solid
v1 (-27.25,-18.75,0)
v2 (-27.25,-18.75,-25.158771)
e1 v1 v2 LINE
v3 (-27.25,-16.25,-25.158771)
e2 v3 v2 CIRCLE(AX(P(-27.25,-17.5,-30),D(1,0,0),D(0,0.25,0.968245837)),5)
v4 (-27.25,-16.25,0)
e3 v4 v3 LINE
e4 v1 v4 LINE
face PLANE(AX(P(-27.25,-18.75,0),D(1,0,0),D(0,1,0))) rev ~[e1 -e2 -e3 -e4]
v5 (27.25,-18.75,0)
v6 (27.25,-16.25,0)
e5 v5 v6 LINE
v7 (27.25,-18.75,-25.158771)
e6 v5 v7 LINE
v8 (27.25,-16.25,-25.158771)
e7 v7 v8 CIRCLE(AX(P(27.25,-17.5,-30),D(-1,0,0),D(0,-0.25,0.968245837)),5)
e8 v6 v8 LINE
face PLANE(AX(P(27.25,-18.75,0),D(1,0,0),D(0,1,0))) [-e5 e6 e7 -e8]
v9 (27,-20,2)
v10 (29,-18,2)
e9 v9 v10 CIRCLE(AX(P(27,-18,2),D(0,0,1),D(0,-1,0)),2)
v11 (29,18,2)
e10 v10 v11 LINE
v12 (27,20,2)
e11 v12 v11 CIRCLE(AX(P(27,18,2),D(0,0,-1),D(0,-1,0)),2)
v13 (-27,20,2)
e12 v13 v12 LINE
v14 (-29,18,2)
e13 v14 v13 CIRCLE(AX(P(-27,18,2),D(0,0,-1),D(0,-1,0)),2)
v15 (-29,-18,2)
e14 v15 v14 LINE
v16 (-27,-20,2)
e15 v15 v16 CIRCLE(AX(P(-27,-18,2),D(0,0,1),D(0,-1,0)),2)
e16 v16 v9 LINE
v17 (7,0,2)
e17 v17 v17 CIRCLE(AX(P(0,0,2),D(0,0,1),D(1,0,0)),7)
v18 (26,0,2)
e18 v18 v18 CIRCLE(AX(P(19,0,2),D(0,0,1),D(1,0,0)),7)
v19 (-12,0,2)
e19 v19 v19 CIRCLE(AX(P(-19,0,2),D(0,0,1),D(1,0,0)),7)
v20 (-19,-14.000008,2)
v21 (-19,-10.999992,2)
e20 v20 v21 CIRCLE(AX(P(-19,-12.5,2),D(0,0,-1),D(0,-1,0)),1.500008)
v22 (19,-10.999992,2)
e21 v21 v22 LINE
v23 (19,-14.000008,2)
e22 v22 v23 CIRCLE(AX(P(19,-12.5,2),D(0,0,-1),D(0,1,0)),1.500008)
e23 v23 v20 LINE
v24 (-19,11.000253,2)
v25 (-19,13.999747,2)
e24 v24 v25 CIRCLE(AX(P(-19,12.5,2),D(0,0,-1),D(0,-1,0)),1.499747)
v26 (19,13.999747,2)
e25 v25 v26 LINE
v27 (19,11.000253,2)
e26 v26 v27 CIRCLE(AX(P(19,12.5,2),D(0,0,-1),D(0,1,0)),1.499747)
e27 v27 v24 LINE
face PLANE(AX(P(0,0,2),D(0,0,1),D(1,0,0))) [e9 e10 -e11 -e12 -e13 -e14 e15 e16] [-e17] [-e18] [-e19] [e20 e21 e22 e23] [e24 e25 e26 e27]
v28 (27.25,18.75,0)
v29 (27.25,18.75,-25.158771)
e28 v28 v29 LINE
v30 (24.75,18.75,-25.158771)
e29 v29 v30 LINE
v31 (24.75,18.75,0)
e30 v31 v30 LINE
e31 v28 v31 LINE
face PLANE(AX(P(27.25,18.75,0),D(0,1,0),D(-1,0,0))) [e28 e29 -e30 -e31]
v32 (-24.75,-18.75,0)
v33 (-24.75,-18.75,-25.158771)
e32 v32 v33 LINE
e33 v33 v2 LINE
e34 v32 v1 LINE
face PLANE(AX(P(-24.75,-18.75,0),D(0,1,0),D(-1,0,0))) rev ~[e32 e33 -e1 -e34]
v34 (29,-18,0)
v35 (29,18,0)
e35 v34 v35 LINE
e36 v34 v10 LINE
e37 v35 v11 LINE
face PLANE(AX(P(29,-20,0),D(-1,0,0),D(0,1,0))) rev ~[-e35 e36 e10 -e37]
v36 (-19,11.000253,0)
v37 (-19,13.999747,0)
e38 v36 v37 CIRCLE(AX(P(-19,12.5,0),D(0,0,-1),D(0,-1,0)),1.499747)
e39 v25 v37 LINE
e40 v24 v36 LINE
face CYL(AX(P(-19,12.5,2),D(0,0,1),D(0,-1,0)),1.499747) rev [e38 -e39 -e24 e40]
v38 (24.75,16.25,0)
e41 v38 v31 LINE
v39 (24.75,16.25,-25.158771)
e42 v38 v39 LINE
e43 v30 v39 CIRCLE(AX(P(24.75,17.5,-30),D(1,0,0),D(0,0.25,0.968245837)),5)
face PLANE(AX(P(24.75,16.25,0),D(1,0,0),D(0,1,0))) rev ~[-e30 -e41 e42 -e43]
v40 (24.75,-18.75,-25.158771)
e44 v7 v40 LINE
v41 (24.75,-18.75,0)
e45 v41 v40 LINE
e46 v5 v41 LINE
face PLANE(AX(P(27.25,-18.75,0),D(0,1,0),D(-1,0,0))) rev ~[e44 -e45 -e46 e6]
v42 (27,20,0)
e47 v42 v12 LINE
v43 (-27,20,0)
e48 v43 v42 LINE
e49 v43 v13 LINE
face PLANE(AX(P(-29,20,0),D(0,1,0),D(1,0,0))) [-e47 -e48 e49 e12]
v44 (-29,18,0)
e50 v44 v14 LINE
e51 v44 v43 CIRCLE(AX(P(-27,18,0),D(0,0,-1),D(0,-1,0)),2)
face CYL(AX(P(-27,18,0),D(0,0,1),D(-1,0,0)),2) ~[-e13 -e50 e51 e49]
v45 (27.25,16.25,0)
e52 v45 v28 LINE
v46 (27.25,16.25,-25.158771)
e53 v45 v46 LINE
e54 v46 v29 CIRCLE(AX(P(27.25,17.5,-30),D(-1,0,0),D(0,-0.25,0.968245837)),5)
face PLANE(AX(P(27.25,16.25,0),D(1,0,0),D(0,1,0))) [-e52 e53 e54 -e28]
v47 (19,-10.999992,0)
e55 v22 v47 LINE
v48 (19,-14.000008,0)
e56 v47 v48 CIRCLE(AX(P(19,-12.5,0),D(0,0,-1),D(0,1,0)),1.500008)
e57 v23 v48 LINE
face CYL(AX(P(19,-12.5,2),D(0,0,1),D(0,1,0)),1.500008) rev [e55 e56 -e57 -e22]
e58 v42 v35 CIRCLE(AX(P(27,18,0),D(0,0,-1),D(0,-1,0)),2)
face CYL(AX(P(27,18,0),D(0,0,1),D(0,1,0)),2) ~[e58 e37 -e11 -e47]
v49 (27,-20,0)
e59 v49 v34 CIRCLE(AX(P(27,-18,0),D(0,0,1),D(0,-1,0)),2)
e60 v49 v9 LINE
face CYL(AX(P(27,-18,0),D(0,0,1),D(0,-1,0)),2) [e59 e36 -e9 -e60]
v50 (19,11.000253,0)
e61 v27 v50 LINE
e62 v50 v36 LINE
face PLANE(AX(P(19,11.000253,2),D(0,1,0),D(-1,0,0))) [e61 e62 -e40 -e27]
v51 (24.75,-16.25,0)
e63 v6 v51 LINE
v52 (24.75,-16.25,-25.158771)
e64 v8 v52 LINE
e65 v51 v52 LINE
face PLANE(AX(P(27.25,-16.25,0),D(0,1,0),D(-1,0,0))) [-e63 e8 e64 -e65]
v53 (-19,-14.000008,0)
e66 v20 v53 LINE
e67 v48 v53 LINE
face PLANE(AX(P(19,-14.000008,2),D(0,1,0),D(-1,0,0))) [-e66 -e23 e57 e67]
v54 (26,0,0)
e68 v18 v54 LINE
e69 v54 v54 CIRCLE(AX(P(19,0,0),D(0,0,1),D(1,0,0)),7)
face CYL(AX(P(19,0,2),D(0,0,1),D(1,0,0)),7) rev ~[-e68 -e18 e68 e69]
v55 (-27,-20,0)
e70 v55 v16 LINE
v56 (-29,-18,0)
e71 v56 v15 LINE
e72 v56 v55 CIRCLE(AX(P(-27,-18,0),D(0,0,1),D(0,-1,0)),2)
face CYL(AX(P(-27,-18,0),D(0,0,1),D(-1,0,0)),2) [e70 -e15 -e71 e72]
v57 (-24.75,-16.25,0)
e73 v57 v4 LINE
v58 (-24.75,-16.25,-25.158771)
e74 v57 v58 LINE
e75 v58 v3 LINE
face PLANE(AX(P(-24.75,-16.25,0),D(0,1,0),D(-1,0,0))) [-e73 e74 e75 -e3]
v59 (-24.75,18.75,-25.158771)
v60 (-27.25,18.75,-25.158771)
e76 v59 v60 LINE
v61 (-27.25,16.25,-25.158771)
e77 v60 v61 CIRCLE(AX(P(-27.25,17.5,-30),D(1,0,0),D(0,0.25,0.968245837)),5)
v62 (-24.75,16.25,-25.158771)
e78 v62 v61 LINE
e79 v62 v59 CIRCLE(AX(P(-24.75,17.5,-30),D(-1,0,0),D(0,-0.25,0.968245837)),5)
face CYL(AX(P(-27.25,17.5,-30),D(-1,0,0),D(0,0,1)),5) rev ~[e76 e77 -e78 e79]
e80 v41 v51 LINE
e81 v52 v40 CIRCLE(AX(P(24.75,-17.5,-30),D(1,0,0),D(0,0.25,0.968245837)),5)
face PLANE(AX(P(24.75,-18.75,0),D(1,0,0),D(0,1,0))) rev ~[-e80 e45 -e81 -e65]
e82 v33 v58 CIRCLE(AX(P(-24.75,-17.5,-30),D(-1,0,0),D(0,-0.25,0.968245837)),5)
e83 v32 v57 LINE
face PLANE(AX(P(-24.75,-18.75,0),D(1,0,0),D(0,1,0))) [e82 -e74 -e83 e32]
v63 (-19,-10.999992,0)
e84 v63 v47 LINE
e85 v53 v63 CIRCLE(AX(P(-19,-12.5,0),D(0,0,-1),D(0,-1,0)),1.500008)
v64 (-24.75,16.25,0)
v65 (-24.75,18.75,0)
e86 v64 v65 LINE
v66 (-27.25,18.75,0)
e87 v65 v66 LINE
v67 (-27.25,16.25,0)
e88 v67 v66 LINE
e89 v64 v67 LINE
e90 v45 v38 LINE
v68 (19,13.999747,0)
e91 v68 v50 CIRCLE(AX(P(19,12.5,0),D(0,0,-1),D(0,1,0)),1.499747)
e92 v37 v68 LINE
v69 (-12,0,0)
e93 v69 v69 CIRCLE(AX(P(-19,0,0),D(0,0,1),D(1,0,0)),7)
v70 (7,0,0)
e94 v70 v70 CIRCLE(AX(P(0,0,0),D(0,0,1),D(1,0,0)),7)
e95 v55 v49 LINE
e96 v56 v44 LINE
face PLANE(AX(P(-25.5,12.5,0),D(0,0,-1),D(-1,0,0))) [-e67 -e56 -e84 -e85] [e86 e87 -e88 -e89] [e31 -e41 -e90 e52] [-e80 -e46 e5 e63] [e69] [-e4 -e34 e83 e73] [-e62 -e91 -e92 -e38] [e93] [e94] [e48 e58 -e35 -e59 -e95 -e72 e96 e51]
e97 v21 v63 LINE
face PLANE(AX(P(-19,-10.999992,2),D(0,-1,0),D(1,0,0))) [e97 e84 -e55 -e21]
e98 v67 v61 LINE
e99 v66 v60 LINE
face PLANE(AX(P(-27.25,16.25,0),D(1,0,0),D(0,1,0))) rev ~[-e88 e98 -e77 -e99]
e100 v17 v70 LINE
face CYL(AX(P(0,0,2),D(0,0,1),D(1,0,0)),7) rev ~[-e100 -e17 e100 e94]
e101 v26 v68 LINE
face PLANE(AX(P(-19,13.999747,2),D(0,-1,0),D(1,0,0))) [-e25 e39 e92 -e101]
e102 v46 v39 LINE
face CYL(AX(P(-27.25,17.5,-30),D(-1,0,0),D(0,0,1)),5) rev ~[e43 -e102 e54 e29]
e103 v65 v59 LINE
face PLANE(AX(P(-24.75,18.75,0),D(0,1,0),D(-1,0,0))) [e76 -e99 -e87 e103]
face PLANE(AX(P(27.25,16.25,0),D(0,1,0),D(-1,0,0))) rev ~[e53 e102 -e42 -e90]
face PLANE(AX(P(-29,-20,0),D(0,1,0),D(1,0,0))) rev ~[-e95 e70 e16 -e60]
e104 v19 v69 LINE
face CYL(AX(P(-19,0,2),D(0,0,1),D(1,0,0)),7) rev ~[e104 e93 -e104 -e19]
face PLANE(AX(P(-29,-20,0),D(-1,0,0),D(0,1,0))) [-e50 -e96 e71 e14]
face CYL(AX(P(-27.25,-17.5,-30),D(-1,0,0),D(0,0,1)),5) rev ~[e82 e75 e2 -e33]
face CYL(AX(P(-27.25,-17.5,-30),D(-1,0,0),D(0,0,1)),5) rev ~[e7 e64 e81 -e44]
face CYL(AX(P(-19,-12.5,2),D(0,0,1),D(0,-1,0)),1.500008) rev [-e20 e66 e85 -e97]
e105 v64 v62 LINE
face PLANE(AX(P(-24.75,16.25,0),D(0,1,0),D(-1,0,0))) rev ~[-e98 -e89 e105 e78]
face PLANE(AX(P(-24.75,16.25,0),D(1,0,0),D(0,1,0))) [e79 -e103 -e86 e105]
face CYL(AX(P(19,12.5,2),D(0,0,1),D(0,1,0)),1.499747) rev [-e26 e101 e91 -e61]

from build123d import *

# Parameters (mm, degrees)
SKETCH1_W           = 58
SKETCH1_H           = 40
BOSS_EXTRUDE2_DEPTH = 2
SKETCH2_R           = 7
CUT_EXTRUDE1_DEPTH  = 2
FILLET1_R           = 2
SKETCH4_R           = 2.5
CUT_EXTRUDE5_DEPTH  = 2
SKETCH6_R           = 2.5
BOSS_EXTRUDE3_DEPTH = 2
SKETCH7_W           = 2.5
SKETCH7_H           = 2.5
BOSS_EXTRUDE5_DEPTH = 30
SKETCH8_R           = 5
CUT_EXTRUDE6_DEPTH  = 66


with BuildPart() as part:
    # Sketch1 → Boss-Extrude2 (new body)
    with BuildSketch(Plane.XY):
        Rectangle(SKETCH1_W, SKETCH1_H)
    extrude(amount=BOSS_EXTRUDE2_DEPTH)

    # Sketch2 → Cut-Extrude1 (cut)
    with BuildSketch(Plane.XY.offset(2)):
        Circle(SKETCH2_R)
        with Locations((19, 0)):
            Circle(SKETCH2_R)
        with Locations((-19, 0)):
            Circle(SKETCH2_R)
        with BuildLine():
            Line((-19, 13.999747299), (19, 13.999747299))
            ThreePointArc((19, 13.999747299), (20.499747299, 12.5), (19, 11.000252701))
            Line((19, 11.000252701), (-19, 11.000252701))
            ThreePointArc((-19, 11.000252701), (-20.499747299, 12.5), (-19, 13.999747299))
        make_face()
        with BuildLine():
            Line((-19, -10.99999193), (19, -10.99999193))
            ThreePointArc((19, -10.99999193), (20.50000807, -12.5), (19, -14.00000807))
            Line((19, -14.00000807), (-19, -14.00000807))
            ThreePointArc((-19, -14.00000807), (-20.50000807, -12.5), (-19, -10.99999193))
        make_face()
    extrude(amount=-CUT_EXTRUDE1_DEPTH, mode=Mode.SUBTRACT)

    # Fillet1
    fillet1_edges = [part.edges().sort_by_distance(p)[0] for p in [
        (29, -20, 1),
        (-29, -20, 1),
        (-29, 20, 1),
        (29, 20, 1),
    ]]
    fillet(fillet1_edges, radius=FILLET1_R)

    # Sketch4 → Cut-Extrude5 (cut)
    with BuildSketch(Plane(origin=(0, 0, 0), x_dir=(-1, 0, 0), z_dir=(0, 0, -1))):
        with Locations((25.5, 12.5)):
            Circle(SKETCH4_R)
        with Locations(Location((25.5, -12.5, 0), (0, 0, 180))):
            Circle(SKETCH4_R)
        with Locations((-25.5, -12.5)):
            Circle(SKETCH4_R)
        with Locations(Location((-25.5, 12.5, 0), (0, 0, 180))):
            Circle(SKETCH4_R)
    extrude(amount=-CUT_EXTRUDE5_DEPTH, mode=Mode.SUBTRACT)

    # Sketch6 → Boss-Extrude3 (add)
    with BuildSketch(Plane(origin=(0, 0, 0), x_dir=(-1, 0, 0), z_dir=(0, 0, -1))):
        with Locations((25.5, 12.5)):
            Circle(SKETCH6_R)
        with Locations((25.5, -12.5)):
            Circle(SKETCH6_R)
        with Locations((-25.5, -12.5)):
            Circle(SKETCH6_R)
        with Locations((-25.5, 12.5)):
            Circle(SKETCH6_R)
    extrude(amount=-BOSS_EXTRUDE3_DEPTH)

    # Sketch7 → Boss-Extrude5 (add)
    with BuildSketch(Plane(origin=(0, 0, 0), x_dir=(-1, 0, 0), z_dir=(0, 0, -1))):
        with Locations((-26, 17.5)):
            Rectangle(SKETCH7_W, SKETCH7_H)
        with Locations((-26, -17.5)):
            Rectangle(SKETCH7_W, SKETCH7_H)
        with Locations((26, -17.5)):
            Rectangle(SKETCH7_W, SKETCH7_H)
        with Locations((26, 17.5)):
            Rectangle(SKETCH7_W, SKETCH7_H)
    extrude(amount=BOSS_EXTRUDE5_DEPTH)

    # Sketch8 → Cut-Extrude6 (cut)
    with BuildSketch(Plane.ZY.offset(27.25)):
        with Locations((-30, 17.5)):
            Circle(SKETCH8_R)
        with Locations((-30, -17.5)):
            Circle(SKETCH8_R)
    extrude(amount=-CUT_EXTRUDE6_DEPTH, mode=Mode.SUBTRACT)


solid = part.part
